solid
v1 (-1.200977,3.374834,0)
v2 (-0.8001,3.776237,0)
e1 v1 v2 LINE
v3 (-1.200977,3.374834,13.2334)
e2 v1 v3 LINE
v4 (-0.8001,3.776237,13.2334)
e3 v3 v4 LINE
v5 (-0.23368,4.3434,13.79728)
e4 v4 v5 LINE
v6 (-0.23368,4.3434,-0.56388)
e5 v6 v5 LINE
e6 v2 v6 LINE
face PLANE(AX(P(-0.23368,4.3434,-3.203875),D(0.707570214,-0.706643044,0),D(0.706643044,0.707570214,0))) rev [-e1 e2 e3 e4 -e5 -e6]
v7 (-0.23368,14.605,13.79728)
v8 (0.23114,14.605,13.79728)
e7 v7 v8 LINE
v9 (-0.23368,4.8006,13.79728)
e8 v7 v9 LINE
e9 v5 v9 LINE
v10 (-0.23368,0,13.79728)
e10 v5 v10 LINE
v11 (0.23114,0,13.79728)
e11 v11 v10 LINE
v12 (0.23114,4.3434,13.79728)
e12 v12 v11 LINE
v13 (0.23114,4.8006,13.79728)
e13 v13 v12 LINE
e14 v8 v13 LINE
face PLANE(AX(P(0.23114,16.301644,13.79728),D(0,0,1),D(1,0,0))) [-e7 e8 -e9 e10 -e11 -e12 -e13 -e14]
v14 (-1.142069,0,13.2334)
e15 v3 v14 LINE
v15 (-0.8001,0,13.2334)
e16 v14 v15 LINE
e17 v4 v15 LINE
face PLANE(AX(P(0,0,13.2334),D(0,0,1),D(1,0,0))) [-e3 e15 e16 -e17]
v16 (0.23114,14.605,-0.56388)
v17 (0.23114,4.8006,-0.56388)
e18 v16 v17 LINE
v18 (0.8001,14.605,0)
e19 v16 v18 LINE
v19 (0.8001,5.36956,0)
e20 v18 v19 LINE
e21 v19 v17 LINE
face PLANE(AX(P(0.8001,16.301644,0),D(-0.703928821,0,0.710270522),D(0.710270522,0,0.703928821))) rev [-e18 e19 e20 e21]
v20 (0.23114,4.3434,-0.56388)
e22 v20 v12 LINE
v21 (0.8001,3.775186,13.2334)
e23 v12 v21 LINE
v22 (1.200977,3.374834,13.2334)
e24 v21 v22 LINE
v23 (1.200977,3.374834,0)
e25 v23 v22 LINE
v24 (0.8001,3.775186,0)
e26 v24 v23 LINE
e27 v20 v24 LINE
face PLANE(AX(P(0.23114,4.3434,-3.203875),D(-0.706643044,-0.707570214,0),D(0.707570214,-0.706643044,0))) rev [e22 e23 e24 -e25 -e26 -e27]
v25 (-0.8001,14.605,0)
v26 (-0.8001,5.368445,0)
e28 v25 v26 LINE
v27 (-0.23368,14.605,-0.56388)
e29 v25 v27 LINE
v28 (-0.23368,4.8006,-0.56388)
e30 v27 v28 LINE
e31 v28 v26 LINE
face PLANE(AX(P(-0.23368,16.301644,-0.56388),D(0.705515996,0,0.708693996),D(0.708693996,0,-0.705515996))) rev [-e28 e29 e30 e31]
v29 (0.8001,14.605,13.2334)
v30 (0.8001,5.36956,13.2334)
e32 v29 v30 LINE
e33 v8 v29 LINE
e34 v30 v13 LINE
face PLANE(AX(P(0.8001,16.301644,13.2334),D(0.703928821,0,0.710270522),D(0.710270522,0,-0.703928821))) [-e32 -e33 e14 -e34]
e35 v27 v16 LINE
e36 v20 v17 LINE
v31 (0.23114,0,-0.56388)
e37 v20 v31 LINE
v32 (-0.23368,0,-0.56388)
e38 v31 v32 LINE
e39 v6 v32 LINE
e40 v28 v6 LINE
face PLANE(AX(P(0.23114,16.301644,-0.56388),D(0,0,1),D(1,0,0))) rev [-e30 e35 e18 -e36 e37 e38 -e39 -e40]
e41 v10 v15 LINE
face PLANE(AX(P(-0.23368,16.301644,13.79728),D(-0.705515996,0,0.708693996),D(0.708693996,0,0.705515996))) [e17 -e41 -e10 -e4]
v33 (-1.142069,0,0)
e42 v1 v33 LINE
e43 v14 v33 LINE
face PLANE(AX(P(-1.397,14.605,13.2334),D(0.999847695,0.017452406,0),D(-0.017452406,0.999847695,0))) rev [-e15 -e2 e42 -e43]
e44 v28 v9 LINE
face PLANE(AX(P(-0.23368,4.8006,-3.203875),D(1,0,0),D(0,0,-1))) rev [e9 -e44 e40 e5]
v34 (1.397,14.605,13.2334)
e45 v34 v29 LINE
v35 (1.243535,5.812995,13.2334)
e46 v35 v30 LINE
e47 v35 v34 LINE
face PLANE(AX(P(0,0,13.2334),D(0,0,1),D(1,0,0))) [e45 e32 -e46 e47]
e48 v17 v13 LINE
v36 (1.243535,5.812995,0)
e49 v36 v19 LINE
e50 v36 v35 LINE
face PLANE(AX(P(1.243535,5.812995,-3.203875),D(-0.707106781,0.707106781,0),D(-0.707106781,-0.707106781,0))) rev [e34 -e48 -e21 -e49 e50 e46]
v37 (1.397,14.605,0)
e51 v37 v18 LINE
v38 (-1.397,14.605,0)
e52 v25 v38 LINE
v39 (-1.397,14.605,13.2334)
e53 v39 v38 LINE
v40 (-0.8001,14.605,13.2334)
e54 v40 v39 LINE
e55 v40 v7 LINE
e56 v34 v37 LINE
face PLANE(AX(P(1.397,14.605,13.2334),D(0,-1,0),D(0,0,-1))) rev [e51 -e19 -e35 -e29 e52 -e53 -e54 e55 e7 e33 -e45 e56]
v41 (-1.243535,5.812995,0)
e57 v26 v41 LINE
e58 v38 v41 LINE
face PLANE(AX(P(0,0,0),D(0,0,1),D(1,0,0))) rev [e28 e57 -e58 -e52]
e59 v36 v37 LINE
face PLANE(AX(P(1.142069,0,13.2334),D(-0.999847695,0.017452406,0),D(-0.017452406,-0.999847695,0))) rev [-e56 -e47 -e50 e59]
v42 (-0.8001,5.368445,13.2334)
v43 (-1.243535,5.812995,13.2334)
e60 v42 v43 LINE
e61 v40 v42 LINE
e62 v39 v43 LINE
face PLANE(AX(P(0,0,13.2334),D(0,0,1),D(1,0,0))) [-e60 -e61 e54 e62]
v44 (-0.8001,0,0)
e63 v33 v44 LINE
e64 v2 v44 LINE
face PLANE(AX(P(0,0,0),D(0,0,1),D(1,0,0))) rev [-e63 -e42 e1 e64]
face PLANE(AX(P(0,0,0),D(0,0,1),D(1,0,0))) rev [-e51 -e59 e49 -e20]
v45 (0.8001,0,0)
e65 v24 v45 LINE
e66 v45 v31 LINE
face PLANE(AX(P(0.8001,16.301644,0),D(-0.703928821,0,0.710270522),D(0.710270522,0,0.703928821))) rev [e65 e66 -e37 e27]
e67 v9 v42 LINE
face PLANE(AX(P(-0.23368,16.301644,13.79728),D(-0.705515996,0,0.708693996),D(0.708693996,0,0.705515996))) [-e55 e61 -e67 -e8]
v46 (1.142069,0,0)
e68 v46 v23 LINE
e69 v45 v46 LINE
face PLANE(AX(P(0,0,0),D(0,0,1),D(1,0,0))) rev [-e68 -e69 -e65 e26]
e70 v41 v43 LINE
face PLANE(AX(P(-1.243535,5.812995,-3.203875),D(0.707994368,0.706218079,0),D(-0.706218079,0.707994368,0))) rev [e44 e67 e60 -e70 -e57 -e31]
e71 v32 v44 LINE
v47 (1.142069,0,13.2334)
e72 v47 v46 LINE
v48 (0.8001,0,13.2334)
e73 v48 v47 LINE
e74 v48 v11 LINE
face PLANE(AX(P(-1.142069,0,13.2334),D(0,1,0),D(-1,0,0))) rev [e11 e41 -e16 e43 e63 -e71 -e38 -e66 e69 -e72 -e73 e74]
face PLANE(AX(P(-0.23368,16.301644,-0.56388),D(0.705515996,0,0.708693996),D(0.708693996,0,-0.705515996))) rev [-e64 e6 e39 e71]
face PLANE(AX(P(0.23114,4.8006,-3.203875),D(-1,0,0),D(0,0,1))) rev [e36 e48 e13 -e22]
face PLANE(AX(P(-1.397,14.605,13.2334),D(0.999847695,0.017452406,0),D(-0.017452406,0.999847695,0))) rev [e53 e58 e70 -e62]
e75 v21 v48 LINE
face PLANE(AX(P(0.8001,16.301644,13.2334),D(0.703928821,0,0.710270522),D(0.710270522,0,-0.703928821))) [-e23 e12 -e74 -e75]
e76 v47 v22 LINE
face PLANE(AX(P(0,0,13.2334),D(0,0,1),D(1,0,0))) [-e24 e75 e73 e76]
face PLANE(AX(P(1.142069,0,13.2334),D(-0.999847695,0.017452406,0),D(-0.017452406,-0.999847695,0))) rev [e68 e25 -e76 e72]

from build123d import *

# Parameters (mm, degrees)
BOSS_EXTRUDE1_DEPTH = 13.2334
BOSS_EXTRUDE2_DEPTH = 14.605
CUT_EXTRUDE1_DEPTH  = 14.36116


with BuildPart() as part:
    # Sketch1 → Boss-Extrude1 (new body)
    with BuildSketch(Plane.XY):
        Polygon((-1.142068777, 0), (1.142068777, 0), (1.397, 14.605), (-1.397, 14.605), align=None)
    extrude(amount=BOSS_EXTRUDE1_DEPTH)

    # Sketch2 → Boss-Extrude2 (add)
    with BuildSketch(Plane.XZ):
        Polygon((-0.8001, 13.2334), (0.8001, 13.2334), (0.23114, 13.79728), (-0.23368, 13.79728), align=None)
    boss_extrude2 = extrude(amount=-BOSS_EXTRUDE2_DEPTH)

    # Mirror1: Boss-Extrude2 across plane
    add(boss_extrude2.mirror(Plane.XY.offset(6.6167)))

    # Sketch3 → Cut-Extrude1 (cut)
    with BuildSketch(Plane.XY.offset(13.79728)):
        Polygon((-1.243534982, 5.812994982), (-0.23368, 4.8006), (-0.23368, 4.3434), (-1.200976725, 3.374834107), align=None)
        Polygon((1.243534982, 5.812994982), (0.23114, 4.8006), (0.23114, 4.3434), (1.200976725, 3.374834107), align=None)
    extrude(amount=-CUT_EXTRUDE1_DEPTH, mode=Mode.SUBTRACT)


solid = part.part
